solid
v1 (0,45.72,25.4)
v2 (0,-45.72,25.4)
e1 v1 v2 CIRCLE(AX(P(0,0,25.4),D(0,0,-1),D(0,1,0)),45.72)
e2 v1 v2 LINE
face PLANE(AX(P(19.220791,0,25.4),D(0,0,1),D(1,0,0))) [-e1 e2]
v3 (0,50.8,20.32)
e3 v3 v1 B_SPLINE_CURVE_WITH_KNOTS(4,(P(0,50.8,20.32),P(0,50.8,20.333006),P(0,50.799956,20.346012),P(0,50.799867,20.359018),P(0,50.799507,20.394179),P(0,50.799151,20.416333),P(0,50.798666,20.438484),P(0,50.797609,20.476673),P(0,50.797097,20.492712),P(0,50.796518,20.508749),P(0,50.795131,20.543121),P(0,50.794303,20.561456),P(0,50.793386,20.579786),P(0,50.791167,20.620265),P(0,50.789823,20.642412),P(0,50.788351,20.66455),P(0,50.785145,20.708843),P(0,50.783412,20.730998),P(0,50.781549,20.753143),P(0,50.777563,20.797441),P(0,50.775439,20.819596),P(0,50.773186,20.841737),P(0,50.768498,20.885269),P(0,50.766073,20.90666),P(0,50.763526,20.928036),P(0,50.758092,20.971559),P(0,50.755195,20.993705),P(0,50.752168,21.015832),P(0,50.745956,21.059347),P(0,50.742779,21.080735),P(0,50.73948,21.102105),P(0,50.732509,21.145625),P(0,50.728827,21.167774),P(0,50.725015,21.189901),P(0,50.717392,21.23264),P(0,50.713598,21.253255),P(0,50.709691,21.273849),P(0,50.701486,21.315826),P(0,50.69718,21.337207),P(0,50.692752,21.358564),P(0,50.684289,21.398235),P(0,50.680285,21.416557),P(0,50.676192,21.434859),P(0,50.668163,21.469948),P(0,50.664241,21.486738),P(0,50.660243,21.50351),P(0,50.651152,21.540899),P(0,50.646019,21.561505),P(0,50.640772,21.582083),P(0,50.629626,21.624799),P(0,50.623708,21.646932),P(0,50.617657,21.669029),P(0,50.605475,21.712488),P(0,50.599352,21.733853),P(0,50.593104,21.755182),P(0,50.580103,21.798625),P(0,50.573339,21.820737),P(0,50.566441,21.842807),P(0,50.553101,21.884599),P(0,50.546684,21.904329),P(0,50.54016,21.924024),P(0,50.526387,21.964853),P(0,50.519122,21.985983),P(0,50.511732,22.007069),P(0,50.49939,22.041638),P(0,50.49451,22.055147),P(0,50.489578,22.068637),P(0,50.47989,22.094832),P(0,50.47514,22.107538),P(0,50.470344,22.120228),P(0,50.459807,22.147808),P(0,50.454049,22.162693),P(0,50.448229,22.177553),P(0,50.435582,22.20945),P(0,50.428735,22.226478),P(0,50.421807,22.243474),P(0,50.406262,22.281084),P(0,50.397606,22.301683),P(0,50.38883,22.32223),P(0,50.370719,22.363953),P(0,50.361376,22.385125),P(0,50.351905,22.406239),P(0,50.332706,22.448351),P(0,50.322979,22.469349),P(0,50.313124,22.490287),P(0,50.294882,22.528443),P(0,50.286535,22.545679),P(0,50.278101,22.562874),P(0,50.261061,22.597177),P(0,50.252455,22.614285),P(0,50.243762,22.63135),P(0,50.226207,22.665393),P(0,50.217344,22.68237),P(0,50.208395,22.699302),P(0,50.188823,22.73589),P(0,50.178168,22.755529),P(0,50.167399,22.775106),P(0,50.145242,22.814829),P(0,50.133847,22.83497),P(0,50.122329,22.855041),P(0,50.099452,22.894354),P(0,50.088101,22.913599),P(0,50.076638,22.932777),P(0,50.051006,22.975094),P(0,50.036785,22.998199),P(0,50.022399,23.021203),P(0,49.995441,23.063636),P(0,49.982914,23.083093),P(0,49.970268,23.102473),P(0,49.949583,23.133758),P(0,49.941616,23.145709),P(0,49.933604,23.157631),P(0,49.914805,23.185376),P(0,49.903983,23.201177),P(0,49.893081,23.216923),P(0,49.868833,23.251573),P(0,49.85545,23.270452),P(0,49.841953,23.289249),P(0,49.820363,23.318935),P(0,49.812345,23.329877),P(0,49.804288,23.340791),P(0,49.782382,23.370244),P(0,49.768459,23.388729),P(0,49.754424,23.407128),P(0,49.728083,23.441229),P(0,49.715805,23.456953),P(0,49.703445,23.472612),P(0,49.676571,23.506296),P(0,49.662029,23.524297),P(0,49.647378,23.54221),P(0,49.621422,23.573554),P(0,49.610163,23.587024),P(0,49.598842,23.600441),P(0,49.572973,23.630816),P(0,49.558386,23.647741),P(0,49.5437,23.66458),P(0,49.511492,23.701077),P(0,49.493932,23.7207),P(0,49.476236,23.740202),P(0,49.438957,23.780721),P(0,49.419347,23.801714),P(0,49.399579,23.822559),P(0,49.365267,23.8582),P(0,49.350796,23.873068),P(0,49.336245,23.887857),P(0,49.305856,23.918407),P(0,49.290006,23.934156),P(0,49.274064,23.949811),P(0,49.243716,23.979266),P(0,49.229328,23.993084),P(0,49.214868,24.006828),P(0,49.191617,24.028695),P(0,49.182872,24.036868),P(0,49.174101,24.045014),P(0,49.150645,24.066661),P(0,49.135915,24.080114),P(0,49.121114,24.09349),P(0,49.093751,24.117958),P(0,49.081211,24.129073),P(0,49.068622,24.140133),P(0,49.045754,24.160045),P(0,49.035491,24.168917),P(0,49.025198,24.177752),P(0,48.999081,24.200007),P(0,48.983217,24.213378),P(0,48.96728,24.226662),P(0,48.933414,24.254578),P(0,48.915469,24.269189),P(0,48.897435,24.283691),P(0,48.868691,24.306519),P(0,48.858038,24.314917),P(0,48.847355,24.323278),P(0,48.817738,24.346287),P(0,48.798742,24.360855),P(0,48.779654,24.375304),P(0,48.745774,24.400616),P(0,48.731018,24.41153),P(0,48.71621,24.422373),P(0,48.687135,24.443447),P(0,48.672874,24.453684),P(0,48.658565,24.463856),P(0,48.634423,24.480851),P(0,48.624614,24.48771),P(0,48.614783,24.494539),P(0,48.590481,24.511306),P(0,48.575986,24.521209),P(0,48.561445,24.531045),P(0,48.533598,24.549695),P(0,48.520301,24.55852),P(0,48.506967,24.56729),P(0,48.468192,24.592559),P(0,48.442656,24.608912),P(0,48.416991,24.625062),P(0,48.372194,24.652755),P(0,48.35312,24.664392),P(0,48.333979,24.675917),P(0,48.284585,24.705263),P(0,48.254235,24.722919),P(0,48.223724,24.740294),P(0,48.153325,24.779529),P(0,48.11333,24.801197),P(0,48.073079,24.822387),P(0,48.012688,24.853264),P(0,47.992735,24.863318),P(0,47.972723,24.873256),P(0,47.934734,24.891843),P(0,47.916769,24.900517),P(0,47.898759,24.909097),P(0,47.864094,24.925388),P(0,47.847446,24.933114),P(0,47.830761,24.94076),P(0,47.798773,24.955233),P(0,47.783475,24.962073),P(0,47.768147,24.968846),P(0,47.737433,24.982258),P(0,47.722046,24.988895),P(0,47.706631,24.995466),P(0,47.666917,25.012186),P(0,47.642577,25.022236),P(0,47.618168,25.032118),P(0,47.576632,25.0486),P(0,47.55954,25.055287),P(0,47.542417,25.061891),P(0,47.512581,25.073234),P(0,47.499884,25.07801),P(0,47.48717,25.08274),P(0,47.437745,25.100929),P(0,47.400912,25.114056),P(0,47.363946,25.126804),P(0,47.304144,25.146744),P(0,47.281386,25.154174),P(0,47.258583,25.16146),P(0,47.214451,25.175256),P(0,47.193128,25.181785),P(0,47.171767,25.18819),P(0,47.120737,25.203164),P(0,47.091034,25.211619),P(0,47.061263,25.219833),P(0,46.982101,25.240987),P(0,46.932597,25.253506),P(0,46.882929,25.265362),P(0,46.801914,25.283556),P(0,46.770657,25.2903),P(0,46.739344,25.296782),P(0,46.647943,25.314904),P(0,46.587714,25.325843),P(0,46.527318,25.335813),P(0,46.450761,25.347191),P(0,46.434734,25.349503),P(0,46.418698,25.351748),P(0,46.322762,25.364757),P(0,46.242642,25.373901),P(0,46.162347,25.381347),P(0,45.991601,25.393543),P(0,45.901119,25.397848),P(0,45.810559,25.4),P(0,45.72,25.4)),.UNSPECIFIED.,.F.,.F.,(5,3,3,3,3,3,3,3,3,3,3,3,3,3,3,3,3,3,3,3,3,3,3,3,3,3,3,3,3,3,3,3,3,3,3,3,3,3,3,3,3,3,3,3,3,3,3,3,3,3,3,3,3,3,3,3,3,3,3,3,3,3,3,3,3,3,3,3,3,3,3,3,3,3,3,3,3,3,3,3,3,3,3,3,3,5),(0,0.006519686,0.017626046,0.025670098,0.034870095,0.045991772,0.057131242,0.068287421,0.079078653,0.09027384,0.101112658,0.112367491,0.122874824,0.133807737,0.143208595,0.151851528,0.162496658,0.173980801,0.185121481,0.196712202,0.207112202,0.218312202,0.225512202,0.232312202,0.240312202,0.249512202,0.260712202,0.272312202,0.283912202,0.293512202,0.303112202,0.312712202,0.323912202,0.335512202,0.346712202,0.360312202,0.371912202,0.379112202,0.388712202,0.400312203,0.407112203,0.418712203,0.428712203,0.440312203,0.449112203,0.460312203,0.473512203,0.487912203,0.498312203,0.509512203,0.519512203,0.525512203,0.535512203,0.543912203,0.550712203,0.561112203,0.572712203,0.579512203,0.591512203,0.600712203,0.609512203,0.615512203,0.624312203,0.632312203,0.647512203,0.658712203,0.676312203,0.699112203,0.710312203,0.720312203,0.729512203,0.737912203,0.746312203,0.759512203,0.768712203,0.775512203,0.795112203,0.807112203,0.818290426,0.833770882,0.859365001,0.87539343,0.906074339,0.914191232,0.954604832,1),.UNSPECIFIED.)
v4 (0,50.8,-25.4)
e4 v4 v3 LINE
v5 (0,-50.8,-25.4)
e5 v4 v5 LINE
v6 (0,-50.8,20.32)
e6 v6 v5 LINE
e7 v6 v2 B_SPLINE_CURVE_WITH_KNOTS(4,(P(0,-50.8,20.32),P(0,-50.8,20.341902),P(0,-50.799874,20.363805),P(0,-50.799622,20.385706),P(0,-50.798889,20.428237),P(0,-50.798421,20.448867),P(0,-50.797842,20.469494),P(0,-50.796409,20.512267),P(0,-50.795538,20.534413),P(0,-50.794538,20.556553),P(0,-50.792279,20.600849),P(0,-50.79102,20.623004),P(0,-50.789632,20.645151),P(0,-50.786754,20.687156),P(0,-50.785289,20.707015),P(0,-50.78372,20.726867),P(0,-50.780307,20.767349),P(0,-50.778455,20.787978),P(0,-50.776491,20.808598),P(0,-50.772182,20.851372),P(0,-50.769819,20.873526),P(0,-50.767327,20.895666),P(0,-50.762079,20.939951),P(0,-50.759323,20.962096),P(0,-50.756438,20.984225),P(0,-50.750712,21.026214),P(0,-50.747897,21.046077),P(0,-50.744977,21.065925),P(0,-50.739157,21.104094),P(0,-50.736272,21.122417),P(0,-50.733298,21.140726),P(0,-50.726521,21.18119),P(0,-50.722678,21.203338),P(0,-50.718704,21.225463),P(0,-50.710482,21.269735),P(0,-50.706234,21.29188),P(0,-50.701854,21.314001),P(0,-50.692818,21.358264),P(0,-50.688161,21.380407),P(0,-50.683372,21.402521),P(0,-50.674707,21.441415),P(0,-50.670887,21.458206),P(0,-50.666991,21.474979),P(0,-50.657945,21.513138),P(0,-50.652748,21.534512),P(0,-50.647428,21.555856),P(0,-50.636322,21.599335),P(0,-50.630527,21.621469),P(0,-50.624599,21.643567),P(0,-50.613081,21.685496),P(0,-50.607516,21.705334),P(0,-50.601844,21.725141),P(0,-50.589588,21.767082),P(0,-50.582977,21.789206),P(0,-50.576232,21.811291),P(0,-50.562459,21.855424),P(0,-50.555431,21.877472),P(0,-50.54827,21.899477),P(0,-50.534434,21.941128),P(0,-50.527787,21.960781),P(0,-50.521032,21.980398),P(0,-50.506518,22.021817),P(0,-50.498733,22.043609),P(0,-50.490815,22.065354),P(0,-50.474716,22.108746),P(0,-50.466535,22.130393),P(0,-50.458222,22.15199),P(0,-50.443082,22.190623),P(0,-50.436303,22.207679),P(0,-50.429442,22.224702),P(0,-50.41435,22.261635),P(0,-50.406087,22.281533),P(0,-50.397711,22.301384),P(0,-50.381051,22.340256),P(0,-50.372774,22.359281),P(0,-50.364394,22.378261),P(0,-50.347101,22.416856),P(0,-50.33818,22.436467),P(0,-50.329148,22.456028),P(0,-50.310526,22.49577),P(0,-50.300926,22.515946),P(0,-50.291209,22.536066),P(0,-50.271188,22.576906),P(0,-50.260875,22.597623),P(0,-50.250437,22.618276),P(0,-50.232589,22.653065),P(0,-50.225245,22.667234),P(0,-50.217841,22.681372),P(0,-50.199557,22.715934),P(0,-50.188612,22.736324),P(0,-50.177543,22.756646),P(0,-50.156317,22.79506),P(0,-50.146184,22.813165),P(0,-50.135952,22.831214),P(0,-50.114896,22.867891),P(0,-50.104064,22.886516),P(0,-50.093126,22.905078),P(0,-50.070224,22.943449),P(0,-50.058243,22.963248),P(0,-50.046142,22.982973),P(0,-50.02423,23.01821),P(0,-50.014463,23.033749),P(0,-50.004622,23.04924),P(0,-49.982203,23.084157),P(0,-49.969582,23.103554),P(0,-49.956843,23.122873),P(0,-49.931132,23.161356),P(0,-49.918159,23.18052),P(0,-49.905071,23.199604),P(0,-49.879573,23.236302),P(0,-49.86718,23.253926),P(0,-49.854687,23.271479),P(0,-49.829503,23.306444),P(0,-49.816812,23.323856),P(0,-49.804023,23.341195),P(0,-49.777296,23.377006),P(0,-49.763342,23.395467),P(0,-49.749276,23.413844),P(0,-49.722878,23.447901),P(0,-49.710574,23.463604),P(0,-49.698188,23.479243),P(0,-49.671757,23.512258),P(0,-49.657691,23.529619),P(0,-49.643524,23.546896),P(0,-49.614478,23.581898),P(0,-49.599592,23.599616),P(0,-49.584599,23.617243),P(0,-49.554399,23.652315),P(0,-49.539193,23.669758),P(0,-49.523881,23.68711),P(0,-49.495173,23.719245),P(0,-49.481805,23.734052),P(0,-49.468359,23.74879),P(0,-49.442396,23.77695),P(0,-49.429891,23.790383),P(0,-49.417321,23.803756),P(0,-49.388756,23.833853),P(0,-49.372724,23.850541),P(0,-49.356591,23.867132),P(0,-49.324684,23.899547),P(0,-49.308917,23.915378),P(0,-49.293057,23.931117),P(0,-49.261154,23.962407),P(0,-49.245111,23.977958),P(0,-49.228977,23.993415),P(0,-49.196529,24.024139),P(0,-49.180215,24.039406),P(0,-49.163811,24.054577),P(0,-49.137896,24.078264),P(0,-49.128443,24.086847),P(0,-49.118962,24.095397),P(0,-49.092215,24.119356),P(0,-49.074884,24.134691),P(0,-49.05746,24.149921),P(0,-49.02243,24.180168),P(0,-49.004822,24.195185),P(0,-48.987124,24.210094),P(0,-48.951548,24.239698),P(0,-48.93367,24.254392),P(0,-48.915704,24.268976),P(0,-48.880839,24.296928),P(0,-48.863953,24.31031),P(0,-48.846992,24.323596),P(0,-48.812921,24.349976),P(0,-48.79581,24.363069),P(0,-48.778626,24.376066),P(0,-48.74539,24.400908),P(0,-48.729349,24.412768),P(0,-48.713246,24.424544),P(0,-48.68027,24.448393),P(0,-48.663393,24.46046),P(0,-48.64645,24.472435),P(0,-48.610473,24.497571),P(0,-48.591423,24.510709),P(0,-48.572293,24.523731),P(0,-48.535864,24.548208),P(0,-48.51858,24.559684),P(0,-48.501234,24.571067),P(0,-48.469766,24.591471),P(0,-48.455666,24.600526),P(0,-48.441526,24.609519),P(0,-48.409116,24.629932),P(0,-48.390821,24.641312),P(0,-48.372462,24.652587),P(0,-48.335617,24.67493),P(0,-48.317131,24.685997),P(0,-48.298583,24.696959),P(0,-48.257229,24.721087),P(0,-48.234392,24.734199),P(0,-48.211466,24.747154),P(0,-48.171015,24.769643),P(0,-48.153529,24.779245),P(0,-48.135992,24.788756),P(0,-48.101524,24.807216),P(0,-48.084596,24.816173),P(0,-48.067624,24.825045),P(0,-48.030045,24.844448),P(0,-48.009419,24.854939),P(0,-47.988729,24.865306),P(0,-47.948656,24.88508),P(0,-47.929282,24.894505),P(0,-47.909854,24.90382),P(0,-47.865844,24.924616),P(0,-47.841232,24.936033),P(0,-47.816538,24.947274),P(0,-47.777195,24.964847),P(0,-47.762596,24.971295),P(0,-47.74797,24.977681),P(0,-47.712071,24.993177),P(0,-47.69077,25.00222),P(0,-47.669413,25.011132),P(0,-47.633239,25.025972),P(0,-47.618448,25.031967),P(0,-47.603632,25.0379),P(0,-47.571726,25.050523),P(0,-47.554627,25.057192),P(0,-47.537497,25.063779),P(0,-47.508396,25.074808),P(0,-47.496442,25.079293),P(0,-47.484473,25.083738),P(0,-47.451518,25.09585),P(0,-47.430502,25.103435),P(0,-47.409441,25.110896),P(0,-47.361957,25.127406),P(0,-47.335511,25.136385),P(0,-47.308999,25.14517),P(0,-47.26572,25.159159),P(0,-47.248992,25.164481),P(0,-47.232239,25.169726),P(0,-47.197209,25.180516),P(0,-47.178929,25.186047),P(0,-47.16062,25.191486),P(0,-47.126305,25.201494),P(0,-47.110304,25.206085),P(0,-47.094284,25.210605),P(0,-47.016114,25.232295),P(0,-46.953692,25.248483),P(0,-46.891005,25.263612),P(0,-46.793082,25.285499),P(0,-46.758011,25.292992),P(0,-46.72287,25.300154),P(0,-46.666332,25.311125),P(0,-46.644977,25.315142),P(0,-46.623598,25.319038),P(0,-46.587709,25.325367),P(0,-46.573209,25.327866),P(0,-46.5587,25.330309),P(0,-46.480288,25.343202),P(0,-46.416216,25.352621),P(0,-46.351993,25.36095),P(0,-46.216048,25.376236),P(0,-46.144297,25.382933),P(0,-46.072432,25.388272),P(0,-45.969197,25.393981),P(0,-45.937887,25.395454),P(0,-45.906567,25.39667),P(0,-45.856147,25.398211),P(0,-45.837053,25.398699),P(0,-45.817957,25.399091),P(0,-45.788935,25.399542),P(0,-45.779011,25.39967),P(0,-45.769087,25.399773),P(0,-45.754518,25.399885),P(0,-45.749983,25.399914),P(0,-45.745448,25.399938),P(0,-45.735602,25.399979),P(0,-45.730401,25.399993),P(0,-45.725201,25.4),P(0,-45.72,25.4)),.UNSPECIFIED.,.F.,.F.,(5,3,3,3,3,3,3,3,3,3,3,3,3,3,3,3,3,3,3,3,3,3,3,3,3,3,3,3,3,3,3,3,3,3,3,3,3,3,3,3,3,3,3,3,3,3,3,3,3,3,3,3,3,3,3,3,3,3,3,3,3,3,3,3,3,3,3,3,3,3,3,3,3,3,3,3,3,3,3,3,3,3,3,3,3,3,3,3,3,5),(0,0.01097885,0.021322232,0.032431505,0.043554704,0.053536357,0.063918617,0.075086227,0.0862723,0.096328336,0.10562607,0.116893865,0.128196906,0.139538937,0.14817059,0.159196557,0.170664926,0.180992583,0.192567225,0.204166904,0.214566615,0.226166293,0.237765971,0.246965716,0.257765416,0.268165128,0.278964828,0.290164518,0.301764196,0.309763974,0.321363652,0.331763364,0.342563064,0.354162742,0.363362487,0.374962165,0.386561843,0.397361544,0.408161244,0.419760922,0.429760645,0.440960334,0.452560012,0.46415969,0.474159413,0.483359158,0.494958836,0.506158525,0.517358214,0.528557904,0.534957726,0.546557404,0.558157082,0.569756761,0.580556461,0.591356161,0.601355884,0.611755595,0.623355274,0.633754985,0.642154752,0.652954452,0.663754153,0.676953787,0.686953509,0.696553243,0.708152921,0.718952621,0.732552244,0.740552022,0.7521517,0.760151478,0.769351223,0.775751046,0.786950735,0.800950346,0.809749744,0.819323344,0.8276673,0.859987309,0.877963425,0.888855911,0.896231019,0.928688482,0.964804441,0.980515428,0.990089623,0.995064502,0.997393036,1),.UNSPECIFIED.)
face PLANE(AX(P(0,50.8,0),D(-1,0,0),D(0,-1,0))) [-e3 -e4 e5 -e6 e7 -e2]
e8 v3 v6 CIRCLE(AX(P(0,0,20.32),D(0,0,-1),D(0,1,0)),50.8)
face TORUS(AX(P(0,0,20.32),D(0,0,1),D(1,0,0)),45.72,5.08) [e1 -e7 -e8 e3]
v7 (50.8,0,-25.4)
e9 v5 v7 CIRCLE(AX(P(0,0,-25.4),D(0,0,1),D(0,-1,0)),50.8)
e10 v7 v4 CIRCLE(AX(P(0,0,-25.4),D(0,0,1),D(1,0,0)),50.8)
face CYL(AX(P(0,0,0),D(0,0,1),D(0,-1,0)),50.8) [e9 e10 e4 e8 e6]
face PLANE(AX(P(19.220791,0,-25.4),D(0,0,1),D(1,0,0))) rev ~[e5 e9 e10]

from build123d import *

# Parameters (mm, degrees)
F1_DEPTH = 25.4
F2_R     = 5.08


with BuildPart() as f1:
    # F0 (on Top) → F1 (new body, symmetric)
    with BuildSketch(Plane.XY):
        with BuildLine():
            ThreePointArc((0, -50.8), (35.9210244843, -35.9210244843), (50.8, 0))
            ThreePointArc((50.8, 0), (35.9210244843, 35.9210244843), (0, 50.8))
            Line((0, 50.8), (0, -50.8))
        make_face()
    extrude(amount=F1_DEPTH, both=True)

    # F2
    f2_edges = [f1.edges().sort_by_distance(p)[0] for p in [
        (50.8, 0, 25.4),
    ]]
    fillet(f2_edges, radius=F2_R)


solid = f1.part
